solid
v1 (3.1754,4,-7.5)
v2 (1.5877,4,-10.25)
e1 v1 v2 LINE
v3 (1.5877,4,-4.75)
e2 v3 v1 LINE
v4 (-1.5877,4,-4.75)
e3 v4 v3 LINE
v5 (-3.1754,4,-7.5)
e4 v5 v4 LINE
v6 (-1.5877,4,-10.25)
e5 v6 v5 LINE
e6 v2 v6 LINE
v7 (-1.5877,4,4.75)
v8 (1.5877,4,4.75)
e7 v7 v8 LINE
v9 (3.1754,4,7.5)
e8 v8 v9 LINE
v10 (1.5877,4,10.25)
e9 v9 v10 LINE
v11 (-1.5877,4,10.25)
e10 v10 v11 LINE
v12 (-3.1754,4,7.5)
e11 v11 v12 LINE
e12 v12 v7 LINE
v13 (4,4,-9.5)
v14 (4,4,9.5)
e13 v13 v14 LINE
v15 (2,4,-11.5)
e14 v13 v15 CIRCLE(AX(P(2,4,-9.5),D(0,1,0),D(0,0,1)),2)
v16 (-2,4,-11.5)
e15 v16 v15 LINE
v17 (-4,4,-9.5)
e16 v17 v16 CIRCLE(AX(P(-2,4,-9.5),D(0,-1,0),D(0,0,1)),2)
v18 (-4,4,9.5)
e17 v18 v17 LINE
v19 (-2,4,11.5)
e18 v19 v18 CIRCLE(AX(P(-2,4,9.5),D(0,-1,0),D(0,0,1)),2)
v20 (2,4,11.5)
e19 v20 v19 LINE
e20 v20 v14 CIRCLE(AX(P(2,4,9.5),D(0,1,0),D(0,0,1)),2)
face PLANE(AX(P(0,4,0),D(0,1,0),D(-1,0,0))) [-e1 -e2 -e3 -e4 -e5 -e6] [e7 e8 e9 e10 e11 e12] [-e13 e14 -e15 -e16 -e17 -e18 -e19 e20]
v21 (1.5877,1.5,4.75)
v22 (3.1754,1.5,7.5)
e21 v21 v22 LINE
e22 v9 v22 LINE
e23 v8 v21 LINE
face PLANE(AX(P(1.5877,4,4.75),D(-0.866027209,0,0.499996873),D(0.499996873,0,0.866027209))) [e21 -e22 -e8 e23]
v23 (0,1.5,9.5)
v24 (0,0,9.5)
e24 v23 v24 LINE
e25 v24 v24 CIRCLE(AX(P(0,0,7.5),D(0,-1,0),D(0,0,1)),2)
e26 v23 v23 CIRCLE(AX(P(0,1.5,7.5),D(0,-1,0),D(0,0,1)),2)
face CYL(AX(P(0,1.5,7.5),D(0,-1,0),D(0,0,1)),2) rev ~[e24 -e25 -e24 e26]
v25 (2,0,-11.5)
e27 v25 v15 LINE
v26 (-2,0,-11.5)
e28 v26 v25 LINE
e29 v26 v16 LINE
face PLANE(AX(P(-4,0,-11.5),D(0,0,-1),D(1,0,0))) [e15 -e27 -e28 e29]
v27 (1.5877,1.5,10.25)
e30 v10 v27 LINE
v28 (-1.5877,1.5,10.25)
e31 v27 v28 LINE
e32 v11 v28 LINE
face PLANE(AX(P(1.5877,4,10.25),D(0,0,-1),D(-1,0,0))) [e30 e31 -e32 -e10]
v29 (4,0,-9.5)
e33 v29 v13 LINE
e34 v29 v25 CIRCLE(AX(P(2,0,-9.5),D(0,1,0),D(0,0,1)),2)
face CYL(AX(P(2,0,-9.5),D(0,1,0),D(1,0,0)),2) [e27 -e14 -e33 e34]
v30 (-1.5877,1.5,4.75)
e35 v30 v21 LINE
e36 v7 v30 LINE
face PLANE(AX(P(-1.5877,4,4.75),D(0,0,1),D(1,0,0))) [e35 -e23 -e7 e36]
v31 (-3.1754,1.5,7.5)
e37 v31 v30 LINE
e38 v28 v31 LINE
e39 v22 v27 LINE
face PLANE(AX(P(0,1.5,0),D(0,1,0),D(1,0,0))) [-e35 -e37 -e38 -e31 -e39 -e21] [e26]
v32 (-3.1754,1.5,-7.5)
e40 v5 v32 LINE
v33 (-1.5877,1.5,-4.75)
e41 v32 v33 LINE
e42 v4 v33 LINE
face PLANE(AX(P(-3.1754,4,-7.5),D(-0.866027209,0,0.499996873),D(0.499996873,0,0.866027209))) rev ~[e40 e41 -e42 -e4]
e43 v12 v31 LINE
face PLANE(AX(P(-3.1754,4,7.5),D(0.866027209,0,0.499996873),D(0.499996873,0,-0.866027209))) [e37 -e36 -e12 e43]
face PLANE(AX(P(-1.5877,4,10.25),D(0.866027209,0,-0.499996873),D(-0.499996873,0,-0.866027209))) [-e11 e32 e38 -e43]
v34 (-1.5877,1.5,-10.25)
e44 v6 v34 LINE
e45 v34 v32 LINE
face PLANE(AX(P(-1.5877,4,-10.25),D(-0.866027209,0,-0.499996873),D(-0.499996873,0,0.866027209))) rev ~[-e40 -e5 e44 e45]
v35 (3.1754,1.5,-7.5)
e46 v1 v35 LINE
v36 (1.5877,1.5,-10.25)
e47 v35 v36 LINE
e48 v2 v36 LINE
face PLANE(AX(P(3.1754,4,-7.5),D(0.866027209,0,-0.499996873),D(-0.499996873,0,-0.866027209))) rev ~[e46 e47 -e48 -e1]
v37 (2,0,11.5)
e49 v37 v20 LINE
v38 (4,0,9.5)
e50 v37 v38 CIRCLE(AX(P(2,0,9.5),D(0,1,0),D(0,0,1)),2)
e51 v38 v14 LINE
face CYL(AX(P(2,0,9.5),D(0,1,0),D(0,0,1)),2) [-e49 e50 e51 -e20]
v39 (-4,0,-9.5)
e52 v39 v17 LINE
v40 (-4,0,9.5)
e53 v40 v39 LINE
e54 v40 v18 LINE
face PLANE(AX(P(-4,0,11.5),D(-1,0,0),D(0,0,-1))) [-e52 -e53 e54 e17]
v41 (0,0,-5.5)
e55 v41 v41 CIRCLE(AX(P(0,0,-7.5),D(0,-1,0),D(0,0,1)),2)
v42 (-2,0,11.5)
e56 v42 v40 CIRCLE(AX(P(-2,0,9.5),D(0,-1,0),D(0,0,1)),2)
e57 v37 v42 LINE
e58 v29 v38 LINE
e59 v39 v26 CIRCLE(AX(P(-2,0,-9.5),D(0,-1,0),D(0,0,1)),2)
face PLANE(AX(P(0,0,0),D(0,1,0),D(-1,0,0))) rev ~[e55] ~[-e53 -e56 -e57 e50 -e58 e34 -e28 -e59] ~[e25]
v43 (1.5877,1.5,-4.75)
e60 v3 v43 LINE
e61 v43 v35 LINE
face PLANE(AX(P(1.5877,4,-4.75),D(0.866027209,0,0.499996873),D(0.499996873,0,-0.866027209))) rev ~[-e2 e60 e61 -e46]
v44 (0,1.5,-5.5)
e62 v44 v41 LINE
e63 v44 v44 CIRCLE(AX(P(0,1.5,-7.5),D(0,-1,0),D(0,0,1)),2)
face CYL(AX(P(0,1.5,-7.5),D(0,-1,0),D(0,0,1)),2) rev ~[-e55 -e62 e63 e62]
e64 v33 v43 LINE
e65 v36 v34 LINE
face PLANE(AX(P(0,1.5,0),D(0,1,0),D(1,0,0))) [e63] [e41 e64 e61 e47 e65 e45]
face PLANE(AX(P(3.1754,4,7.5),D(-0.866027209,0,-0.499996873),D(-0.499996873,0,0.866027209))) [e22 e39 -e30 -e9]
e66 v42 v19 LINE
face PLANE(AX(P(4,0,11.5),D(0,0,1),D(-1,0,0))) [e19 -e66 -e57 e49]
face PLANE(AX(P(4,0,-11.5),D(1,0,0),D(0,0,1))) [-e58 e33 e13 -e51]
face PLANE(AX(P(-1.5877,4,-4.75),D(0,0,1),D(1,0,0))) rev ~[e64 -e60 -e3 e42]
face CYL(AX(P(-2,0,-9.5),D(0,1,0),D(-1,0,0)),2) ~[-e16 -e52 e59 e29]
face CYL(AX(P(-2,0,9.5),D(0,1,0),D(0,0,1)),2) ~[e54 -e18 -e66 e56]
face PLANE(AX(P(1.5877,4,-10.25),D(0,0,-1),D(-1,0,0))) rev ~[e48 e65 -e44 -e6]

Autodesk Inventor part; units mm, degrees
ref_plane "YZ Plane" through (0, 0, 0) normal (1, 0, 0) x (0, 1, 0)
ref_plane "XZ Plane" through (0, 0, 0) normal (0, 1, 0) x (-1, 0, 0)
ref_plane "XY Plane" through (0, 0, 0) normal (0, 0, 1) x (1, 0, 0)
sketch "Sketch1" plane through (0, 0, 0) normal (0, 1, 0) x (-1, 0, 0)
  line L0 (-4, 11.5) -> (4, 11.5)
  line L1 (4, 11.5) -> (4, -11.5)
  line L2 (4, -11.5) -> (-4, -11.5)
  line L3 (-4, -11.5) -> (-4, 11.5)
  line L4 (-4, 11.5) -> (4, -11.5) construction
  line L5 (4, 11.5) -> (-4, -11.5) construction
  point P0 (0, 0)
  dimension "d0" = 8
  dimension "d1" = 23
extrude "Extrusion1" add sketch "Sketch1" along normal blind 4
sketch "Sketch2" plane through (0, 4, 0) normal (0, 1, 0) x (1, 0, 0)
  line L0 (3.1754, -7.5) -> (1.5877, -10.25)
  line L1 (1.5877, -10.25) -> (-1.5877, -10.25)
  line L2 (-1.5877, -10.25) -> (-3.1754, -7.5)
  line L3 (-3.1754, -7.5) -> (-1.5877, -4.75)
  line L4 (-1.5877, -4.75) -> (1.5877, -4.75)
  line L5 (1.5877, -4.75) -> (3.1754, -7.5)
  line L6 (-4, -11.5) -> (4, -11.5) projected
  line L7 (-4, 11.5) -> (-4, -11.5) projected
  line L8 (-4, 0) -> (4, 0)
  line L9 (3.1754, 7.5) -> (1.5877, 10.25)
  line L10 (1.5877, 10.25) -> (-1.5877, 10.25)
  line L11 (-1.5877, 10.25) -> (-3.1754, 7.5)
  line L12 (-3.1754, 7.5) -> (-1.5877, 4.75)
  line L13 (-1.5877, 4.75) -> (1.5877, 4.75)
  line L14 (1.5877, 4.75) -> (3.1754, 7.5)
  point P0 (0, 0)
  point P1 (0, -7.5)
  dimension "d4" = 0
  dimension "d5" = 7.5
  dimension "d6" = 5.5
extrude "Extrusion2" cut sketch "Sketch2" against normal blind 2.5
fillet "Fillet1" radius 2 4 edges at (4, 2, 11.5) (-4, 2, 11.5) (4, 2, -11.5) (-4, 2, -11.5)
sketch "Sketch3" plane through (0, 1.5, 0) normal (0, 1, 0) x (1, 0, 0)
  line L0 (3.1754, -7.5) -> (1.5877, -10.25) projected
  line L1 (1.5877, -4.75) -> (3.1754, -7.5) projected
  line L2 (-1.5877, -4.75) -> (1.5877, -4.75) projected
  line L3 (-3.1754, -7.5) -> (-1.5877, -4.75) projected
  line L4 (-1.5877, -10.25) -> (-3.1754, -7.5) projected
  line L5 (1.5877, -10.25) -> (-1.5877, -10.25) projected
  line L6 (-3.1754, 7.5) -> (-1.5877, 10.25) projected
  line L7 (-1.5877, 4.75) -> (-3.1754, 7.5) projected
  line L8 (1.5877, 4.75) -> (-1.5877, 4.75) projected
  line L9 (3.1754, 7.5) -> (1.5877, 4.75) projected
  line L10 (1.5877, 10.25) -> (3.1754, 7.5) projected
  line L11 (-1.5877, 10.25) -> (1.5877, 10.25) projected
  point P0 (0, 0)
  point P1 (0, -7.5)
  point P2 (0, 7.5)
  dimension "d17" = 2.75
  dimension "d18" = 2.75
hole "Hole1" at (0, 1.5, 7.5) at (0, 1.5, -7.5) direction (0, -1, 0) diameter 4 end through all
properties part number "connector_brace"
